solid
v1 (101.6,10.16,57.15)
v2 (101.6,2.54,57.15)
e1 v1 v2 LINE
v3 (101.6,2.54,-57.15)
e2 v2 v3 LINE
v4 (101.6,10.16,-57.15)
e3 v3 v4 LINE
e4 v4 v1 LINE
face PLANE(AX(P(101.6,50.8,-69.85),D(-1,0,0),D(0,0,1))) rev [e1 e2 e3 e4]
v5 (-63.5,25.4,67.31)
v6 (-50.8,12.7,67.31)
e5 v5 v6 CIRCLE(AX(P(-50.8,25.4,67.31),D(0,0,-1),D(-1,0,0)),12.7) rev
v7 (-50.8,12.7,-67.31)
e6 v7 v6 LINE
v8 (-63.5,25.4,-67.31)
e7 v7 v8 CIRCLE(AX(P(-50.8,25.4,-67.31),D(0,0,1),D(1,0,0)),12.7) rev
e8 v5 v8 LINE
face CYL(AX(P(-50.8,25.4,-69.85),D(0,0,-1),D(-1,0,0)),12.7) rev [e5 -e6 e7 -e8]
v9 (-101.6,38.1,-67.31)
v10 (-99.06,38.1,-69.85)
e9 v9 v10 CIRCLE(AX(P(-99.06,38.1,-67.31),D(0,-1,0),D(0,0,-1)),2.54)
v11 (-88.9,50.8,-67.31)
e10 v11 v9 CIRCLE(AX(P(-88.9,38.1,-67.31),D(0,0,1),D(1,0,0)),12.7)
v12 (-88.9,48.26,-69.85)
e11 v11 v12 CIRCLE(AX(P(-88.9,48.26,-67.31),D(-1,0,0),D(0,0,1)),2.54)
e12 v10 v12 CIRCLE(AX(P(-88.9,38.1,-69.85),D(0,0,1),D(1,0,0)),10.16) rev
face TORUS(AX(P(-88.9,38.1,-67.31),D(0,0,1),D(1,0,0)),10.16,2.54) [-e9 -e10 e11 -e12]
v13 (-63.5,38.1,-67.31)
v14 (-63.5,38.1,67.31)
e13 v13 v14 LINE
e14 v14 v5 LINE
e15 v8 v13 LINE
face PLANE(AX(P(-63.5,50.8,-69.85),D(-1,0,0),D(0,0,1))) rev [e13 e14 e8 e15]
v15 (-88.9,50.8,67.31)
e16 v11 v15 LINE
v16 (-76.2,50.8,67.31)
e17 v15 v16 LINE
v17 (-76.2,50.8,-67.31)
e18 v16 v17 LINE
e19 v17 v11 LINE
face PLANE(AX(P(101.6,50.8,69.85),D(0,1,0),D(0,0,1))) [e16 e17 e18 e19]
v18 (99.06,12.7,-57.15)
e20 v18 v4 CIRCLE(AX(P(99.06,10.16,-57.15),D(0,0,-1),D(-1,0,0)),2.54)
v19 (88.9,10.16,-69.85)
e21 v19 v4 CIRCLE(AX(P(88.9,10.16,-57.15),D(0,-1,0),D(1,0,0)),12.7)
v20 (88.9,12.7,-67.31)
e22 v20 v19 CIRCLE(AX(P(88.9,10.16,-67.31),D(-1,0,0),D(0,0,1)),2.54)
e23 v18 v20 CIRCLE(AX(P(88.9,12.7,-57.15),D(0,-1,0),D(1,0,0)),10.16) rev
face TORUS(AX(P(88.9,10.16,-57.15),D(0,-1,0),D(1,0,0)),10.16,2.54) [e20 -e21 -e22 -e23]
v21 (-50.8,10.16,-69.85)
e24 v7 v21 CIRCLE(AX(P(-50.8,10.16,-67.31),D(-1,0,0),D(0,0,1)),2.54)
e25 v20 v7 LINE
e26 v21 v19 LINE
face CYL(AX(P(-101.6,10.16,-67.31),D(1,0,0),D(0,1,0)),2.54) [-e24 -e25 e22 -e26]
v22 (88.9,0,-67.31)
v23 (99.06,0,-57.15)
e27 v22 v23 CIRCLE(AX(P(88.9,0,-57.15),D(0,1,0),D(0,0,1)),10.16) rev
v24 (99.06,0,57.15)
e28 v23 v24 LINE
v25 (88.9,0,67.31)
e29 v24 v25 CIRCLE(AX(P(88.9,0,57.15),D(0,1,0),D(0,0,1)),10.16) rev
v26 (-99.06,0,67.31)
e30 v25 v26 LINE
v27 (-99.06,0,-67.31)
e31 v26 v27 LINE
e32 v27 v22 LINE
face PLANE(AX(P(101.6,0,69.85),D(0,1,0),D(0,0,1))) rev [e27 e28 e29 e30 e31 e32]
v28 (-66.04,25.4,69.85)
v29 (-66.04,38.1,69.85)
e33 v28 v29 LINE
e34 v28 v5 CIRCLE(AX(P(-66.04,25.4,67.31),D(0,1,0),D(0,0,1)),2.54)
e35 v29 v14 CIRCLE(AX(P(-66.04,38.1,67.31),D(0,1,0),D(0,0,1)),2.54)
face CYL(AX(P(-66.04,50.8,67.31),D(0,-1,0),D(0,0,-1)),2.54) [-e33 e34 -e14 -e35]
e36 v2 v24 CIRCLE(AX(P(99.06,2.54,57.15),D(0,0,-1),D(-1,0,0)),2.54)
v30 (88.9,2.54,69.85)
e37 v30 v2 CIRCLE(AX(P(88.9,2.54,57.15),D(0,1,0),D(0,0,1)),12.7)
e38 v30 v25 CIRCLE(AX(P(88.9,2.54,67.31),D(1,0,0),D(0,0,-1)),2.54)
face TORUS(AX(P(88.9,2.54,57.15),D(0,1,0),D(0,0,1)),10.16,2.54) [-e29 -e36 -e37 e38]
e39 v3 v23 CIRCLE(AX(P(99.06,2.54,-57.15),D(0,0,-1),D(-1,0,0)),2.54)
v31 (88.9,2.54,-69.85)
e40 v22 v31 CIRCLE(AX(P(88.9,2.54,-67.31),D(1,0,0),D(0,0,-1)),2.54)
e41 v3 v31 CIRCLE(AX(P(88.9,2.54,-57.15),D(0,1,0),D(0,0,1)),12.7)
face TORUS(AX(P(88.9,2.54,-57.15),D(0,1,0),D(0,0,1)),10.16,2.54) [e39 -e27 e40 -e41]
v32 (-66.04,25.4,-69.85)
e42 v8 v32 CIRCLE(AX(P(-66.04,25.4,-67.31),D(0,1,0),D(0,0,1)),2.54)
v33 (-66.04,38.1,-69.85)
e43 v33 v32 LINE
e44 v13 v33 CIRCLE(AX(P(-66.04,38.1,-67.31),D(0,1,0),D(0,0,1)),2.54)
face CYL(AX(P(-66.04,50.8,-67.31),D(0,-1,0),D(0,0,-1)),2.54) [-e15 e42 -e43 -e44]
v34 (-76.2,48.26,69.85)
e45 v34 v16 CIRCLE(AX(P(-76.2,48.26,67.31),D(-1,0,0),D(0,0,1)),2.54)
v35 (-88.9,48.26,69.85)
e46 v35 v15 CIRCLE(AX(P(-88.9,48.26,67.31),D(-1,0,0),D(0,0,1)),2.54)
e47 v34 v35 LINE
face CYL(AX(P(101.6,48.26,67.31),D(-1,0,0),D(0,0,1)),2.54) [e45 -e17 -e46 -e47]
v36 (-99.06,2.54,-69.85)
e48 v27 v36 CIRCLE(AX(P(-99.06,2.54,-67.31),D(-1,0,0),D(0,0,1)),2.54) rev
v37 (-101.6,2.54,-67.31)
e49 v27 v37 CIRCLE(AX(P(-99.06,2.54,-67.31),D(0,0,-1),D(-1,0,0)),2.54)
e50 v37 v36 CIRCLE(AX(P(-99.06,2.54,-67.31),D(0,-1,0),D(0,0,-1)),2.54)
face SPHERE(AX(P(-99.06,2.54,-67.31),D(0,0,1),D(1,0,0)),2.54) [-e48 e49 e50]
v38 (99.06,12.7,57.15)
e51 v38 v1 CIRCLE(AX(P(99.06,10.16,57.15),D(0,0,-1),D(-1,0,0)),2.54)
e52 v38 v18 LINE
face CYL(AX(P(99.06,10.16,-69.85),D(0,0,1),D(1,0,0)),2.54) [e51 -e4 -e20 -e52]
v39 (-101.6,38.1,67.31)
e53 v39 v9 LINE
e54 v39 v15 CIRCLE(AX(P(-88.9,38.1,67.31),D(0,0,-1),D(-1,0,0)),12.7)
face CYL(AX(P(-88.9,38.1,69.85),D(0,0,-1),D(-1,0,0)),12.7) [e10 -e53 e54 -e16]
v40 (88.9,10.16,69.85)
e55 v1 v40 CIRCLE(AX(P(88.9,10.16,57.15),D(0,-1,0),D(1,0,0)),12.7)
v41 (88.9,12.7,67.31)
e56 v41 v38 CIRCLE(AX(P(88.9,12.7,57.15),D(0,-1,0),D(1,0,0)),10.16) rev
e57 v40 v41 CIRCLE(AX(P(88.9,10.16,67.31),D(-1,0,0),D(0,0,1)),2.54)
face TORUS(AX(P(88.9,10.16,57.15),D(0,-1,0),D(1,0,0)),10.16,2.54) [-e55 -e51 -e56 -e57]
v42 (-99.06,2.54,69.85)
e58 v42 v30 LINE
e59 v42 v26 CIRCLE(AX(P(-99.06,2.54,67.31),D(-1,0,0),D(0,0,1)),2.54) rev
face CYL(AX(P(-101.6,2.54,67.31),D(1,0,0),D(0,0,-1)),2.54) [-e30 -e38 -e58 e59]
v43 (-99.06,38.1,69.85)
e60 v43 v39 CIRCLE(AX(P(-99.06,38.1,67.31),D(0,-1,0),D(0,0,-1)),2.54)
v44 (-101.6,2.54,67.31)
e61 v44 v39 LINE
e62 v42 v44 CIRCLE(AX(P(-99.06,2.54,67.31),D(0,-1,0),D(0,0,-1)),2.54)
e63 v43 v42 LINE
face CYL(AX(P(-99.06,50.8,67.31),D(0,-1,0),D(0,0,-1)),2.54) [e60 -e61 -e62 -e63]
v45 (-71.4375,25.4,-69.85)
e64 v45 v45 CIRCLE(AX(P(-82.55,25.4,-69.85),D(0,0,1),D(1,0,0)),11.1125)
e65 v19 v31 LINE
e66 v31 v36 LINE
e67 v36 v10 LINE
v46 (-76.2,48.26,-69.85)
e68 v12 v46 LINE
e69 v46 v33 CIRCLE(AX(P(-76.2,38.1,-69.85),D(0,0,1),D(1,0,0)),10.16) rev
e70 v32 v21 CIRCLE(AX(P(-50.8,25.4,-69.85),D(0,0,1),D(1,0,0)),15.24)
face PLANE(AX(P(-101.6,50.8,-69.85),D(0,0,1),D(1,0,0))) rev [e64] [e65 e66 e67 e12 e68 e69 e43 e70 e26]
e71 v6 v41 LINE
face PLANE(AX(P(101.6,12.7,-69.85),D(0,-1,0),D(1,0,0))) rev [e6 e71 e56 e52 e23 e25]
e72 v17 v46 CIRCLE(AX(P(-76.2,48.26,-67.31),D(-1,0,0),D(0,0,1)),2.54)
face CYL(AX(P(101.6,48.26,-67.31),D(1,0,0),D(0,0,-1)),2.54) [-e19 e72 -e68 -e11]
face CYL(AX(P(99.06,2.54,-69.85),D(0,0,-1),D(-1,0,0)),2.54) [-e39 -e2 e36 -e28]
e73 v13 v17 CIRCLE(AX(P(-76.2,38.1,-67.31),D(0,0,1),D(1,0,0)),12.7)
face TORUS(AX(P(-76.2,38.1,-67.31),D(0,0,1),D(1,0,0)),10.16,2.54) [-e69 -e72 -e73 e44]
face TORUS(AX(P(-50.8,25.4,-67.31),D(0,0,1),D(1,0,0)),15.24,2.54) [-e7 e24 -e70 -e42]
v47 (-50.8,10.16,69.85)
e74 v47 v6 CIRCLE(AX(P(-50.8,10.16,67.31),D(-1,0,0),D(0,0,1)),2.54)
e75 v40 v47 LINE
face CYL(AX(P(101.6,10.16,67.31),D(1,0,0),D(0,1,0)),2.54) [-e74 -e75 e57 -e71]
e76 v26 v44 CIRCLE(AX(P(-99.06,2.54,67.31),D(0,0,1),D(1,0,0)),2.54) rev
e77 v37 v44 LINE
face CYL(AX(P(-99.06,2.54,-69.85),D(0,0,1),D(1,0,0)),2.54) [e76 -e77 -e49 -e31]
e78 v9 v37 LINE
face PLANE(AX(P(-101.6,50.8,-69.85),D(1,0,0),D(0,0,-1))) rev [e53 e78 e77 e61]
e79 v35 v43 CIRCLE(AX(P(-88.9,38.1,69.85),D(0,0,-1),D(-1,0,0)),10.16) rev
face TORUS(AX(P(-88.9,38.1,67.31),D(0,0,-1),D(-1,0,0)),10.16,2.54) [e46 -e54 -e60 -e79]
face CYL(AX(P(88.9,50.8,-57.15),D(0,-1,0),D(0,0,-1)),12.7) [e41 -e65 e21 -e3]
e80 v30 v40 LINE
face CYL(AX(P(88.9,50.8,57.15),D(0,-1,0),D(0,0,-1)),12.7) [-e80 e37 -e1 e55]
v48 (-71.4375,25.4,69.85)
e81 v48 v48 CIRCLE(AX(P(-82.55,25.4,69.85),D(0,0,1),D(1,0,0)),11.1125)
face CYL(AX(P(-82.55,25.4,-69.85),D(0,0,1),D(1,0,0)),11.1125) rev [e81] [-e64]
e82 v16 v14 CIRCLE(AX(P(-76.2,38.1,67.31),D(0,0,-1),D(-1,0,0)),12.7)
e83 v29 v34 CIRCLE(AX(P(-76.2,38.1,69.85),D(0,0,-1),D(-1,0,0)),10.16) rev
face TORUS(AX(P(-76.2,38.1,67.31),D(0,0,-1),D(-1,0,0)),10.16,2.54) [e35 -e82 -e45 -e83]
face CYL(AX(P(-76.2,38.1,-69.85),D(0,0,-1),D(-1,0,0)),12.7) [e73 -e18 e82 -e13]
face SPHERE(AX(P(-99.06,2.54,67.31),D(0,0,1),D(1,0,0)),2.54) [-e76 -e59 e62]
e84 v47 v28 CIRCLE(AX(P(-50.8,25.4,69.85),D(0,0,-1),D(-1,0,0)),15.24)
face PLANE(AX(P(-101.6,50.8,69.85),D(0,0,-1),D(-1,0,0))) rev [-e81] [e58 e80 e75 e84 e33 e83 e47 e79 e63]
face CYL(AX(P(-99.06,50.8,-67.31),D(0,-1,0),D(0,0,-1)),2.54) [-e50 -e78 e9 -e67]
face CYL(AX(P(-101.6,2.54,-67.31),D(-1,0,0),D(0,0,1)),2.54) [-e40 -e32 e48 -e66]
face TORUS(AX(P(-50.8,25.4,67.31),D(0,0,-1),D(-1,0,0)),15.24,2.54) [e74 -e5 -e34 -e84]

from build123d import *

# Parameters (mm, degrees)
SKETCH1_W           = 203.2
SKETCH1_H           = 139.7
BOSS_EXTRUDE1_DEPTH = 50.8
SKETCH2_W           = 165.1
SKETCH2_H           = 38.1
CUT_EXTRUDE1_DEPTH  = 181.05357536
SKETCH3_R           = 11.1125
CUT_EXTRUDE2_DEPTH  = 181.05357536
FILLET1_R           = 12.7
FILLET3_R           = 12.7
FILLET2_R           = 2.54


with BuildPart() as part:
    # Sketch1 → Boss-Extrude1 (new body)
    with BuildSketch(Plane(origin=(0, 0, 0), x_dir=(1, 0, 0), z_dir=(0, 1, 0))):
        Rectangle(SKETCH1_W, SKETCH1_H)
    extrude(amount=BOSS_EXTRUDE1_DEPTH)

    # Sketch2 → Cut-Extrude1 (cut, through all)
    with BuildSketch(Plane.XY.offset(69.85)):
        with Locations((19.05, 31.75)):
            Rectangle(SKETCH2_W, SKETCH2_H)
    extrude(amount=-CUT_EXTRUDE1_DEPTH, mode=Mode.SUBTRACT)

    # Sketch3 → Cut-Extrude2 (cut, through all)
    with BuildSketch(Plane.XY.offset(69.85)):
        with Locations((-82.55, 25.4)):
            Circle(SKETCH3_R)
    extrude(amount=-CUT_EXTRUDE2_DEPTH, mode=Mode.SUBTRACT)

    # Fillet1
    fillet1_edges = [part.edges().sort_by_distance(p)[0] for p in [
        (-101.6, 50.8, 0),
        (-63.5, 12.7, 0),
        (-63.5, 50.8, 0),
    ]]
    fillet(fillet1_edges, radius=FILLET1_R)

    # Fillet3
    fillet3_edges = [part.edges().sort_by_distance(p)[0] for p in [
        (101.6, 6.35, 69.85),
        (101.6, 6.35, -69.85),
    ]]
    fillet(fillet3_edges, radius=FILLET3_R)

    # Fillet2
    fillet2_edges = [part.edges().sort_by_distance(p)[0] for p in [
        (19.05, 12.7, 69.85),
        (19.05, 12.7, -69.85),
        (-63.5, 31.75, 69.85),
        (-63.5, 31.75, -69.85),
        (-82.55, 50.8, -69.85),
        (-82.55, 50.8, 69.85),
        (-101.6, 19.05, 69.85),
        (-67.219743879, 47.080256121, 69.85),
        (-97.880256121, 47.080256121, 69.85),
        (-101.6, 19.05, -69.85),
        (-67.219743879, 47.080256121, -69.85),
        (-97.880256121, 47.080256121, -69.85),
        (-59.780256121, 16.419743879, 69.85),
        (-59.780256121, 16.419743879, -69.85),
        (-6.35, 0, 69.85),
        (-101.6, 0, 0),
        (-6.35, 0, -69.85),
        (101.6, 0, 0),
        (97.880256121, 0, 66.130256121),
        (97.880256121, 0, -66.130256121),
        (101.6, 12.7, 0),
        (97.880256121, 12.7, 66.130256121),
        (97.880256121, 12.7, -66.130256121),
    ]]
    fillet(fillet2_edges, radius=FILLET2_R)


solid = part.part
